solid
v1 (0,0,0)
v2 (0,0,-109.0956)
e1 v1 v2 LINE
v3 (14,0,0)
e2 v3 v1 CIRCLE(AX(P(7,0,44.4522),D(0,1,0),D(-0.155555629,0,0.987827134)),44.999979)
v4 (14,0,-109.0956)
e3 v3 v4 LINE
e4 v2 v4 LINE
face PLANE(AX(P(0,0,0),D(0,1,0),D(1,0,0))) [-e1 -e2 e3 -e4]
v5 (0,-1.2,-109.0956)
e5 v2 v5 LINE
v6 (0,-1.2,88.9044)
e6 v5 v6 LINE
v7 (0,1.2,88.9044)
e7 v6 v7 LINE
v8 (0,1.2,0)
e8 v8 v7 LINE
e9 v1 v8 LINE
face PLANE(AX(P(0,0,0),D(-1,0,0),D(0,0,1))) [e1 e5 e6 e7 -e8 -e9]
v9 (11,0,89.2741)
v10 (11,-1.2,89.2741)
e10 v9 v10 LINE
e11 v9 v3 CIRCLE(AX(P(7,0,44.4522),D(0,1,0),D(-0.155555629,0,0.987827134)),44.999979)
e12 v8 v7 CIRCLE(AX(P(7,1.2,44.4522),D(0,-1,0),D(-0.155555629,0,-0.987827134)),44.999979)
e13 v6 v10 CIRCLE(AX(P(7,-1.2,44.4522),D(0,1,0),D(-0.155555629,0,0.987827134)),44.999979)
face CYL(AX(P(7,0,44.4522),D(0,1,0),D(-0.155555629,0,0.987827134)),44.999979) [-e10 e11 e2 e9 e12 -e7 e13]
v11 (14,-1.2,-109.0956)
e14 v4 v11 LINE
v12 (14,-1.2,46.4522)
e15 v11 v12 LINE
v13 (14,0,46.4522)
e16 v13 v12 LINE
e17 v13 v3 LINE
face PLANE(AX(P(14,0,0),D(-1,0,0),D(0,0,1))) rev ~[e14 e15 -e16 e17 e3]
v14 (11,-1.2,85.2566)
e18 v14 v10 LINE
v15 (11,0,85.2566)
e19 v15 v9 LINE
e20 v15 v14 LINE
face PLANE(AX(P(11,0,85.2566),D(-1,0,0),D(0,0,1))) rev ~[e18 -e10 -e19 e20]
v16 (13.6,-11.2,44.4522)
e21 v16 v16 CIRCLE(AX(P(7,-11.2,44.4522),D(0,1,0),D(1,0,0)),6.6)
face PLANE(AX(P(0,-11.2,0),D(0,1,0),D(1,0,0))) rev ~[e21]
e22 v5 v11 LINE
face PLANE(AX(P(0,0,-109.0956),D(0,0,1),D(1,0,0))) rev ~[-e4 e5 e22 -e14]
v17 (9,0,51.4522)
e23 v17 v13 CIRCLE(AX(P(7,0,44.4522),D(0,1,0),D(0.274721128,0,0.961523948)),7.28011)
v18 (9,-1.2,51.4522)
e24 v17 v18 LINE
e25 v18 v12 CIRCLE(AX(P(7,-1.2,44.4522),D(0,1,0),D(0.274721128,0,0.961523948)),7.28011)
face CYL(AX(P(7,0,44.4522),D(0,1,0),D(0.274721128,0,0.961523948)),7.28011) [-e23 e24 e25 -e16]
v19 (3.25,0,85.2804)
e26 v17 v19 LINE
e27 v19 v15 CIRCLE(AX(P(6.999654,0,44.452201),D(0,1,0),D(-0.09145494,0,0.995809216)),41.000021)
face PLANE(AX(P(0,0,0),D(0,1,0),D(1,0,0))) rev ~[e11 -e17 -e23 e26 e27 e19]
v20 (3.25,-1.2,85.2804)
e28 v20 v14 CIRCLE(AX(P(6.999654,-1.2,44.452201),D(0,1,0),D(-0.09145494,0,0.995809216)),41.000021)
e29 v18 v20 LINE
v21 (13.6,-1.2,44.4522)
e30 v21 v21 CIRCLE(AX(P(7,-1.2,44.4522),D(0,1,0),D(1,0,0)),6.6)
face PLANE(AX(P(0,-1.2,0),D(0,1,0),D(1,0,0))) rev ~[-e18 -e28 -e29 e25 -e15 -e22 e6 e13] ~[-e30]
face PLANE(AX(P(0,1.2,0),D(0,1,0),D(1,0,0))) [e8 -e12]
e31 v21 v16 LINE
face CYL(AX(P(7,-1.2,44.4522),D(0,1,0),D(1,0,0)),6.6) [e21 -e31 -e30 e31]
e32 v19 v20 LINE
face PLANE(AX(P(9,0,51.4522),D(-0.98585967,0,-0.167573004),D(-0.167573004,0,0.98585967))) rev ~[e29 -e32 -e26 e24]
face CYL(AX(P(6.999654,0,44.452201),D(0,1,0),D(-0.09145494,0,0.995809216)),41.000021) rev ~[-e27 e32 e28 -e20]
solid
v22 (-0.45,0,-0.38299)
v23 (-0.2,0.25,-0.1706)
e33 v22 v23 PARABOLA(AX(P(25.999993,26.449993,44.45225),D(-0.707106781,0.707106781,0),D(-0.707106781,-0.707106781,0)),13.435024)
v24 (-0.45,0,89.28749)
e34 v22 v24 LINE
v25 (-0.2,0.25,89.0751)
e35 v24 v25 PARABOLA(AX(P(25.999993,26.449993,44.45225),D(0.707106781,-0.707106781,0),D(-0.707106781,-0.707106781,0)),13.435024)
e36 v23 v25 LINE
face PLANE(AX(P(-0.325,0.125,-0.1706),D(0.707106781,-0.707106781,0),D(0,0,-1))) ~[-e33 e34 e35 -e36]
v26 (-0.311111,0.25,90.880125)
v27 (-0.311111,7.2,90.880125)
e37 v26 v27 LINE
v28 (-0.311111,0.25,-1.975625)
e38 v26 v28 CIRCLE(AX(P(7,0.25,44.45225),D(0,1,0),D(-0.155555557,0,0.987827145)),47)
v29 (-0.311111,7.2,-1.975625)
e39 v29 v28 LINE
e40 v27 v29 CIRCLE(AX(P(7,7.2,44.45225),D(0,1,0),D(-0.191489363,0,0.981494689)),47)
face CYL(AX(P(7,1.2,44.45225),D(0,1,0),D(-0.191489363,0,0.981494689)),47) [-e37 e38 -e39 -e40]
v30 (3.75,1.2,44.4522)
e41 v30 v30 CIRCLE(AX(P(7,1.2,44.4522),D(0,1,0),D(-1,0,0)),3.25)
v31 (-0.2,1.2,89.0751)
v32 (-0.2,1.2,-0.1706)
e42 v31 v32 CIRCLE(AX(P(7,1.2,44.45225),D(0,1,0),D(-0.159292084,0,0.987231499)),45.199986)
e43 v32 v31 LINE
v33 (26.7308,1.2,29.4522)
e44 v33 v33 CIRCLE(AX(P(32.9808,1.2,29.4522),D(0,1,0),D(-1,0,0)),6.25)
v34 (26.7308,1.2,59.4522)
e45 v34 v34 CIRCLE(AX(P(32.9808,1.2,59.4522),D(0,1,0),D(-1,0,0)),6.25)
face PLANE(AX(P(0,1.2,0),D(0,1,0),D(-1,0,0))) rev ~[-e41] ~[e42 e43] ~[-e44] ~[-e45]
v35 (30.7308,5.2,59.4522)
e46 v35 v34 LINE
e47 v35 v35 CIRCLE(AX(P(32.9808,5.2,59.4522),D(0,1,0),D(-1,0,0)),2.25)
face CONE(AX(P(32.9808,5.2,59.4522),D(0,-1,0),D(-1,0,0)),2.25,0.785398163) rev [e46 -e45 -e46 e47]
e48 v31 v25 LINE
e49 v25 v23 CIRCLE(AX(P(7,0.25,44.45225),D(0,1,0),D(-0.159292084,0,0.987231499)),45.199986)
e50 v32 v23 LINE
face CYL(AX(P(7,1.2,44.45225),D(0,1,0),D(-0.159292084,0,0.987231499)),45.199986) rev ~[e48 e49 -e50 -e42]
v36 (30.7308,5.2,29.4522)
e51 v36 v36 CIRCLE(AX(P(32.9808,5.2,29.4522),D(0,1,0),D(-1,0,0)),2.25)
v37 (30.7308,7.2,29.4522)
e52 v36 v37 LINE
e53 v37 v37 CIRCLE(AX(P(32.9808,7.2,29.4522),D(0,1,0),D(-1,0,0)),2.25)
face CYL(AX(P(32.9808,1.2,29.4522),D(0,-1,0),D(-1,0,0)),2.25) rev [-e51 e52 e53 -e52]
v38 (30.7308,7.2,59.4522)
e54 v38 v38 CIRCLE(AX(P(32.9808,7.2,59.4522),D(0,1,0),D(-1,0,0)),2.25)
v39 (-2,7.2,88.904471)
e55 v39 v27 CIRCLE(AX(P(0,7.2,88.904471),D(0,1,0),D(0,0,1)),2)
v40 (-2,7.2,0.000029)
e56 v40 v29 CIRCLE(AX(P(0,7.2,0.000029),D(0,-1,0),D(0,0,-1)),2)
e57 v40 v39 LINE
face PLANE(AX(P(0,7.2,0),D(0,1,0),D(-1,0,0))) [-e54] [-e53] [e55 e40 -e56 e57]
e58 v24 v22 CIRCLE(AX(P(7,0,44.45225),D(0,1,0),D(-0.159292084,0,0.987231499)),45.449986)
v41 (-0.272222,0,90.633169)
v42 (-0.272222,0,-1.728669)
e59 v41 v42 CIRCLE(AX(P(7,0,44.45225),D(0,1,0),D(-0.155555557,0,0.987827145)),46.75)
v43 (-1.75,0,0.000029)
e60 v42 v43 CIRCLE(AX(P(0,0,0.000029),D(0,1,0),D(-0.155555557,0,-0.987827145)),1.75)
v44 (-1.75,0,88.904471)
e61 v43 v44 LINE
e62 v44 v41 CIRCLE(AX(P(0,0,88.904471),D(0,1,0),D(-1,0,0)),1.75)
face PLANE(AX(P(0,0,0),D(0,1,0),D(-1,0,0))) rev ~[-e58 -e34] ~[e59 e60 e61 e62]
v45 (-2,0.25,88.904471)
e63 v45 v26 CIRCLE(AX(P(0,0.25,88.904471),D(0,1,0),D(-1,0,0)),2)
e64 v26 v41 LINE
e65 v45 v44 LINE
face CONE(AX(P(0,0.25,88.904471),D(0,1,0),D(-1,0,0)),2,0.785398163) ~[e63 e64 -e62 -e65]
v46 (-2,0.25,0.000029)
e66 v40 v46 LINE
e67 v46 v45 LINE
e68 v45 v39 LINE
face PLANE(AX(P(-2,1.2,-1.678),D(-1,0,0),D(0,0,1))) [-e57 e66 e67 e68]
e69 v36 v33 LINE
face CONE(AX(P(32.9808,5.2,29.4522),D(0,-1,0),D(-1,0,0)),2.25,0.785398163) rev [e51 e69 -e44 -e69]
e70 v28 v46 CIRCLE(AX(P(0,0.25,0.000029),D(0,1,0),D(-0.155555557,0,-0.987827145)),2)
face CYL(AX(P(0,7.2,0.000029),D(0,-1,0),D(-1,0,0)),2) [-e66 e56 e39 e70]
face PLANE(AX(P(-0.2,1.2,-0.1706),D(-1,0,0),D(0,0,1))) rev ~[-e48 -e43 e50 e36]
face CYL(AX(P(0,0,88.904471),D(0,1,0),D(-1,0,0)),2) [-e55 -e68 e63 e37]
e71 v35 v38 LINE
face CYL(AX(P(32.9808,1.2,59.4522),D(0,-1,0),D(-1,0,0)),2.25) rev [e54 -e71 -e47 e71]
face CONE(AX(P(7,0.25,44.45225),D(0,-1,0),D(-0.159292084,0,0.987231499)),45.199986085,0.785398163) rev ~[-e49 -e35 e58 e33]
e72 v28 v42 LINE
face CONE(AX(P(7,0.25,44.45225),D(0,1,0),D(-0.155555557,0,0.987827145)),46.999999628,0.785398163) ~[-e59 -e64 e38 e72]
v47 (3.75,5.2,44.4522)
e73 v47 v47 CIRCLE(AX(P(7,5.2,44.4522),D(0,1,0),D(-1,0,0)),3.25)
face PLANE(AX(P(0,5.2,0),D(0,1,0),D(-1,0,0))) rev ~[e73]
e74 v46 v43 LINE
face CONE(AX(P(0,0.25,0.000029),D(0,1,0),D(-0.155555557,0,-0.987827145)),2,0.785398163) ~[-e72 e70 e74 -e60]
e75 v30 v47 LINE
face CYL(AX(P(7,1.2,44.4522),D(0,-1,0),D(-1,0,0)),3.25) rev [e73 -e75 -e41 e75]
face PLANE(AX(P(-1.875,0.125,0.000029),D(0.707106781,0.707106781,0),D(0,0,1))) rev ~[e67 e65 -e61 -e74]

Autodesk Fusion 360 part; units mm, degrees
sketch "Sketch1" plane through (0, 0, 0) normal (0, 1, 0) x (1, 0, 0)
  arc A0 (0, -88.9044) -> (0, 0) centre (7, -44.4522) ccw
  line L0 (0, 0) -> (0, -88.9044)
  line L1 (0, 0) -> (0, 109.0956)
  line L2 (0, 109.0956) -> (14, 109.0956)
  line L3 (14, 109.0956) -> (14, -46.4522)
  line L4 (9, -51.4522) -> (3.25, -85.2804)
  arc A1 (9, -51.4522) -> (14, -46.4522) centre (7, -44.4522) ccw
  line L5 (0, -44.4522) -> (7, -44.4522) construction
  arc A2 (3.25, -85.2804) -> (11, -85.2566) centre (7, -44.4522) ccw
  line L6 (11, -85.2566) -> (11, -89.2741)
  circle A3 centre (7, -44.4522) radius 6.6
  point P0 (52, -44.4522)
  dimension "d1" = 7
  dimension "d2" = 52
  dimension "d3" = 14
  dimension "d4" = 198
  dimension "d5" = 2
  dimension "d6" = 2
  dimension "d7" = 3.25
  dimension "d8" = 45
  dimension "d9" = 41
  dimension "d10" = 11
  dimension "d11" = 13.2
extrude "Extrude1" add sketch "Sketch1" along normal blind 1.2 contours A0 L0 L3 L4 A1 A2 L6 | A0 L3 L4 A1 A2 L6 | A3 makes body 1
extrude "Extrude2" add sketch "Sketch1" against normal blind 1.2 separate body contours A0 L0 L3 L4 A1 A2 L6 | A0 L1 L2 L3 | A3 makes body 2
extrude "Extrude3" add sketch "Sketch1" against normal blind 10 from surface at -1.2 separate body contours A3 makes body 3
combine "Combine1" operation add target body 3 tool bodies 2 1
sketch "Sketch2" plane through (0, 1.2, 0) normal (0, 1, 0) x (-1, 0, 0)
  line L0 (0, 0) -> (0, 88.9044)
  arc A0 (0, 88.9044) -> (0, 0) centre (-7, 44.4522) ccw
  arc A1 (2, 90.5825) -> (2, -1.678) centre (-7, 44.4522) ccw
  line L1 (2, -1.678) -> (2, 90.5825)
  arc A2 (0.2, 89.0751) -> (0.2, -0.1706) centre (-7, 44.4522) ccw
  line L2 (0.2, -0.1706) -> (0.2, 89.0751)
  circle A3 centre (-7, 44.4522) radius 3.25
  circle A4 centre (-32.9808, 59.4522) radius 2.25
  circle A5 centre (-32.9808, 29.4522) radius 2.25
  line L3 (-32.9808, 29.4522) -> (-32.9808, 59.4522) construction
  line L4 (-32.9808, 59.4522) -> (-7, 44.4522) construction
  line L5 (-7, 44.4522) -> (-32.9808, 29.4522) construction
  circle A6 centre (-32.9808, 59.4522) radius 5.75 construction
  dimension "d23" = 2
  dimension "d24" = 0.2
  dimension "d25" = 6.5
  dimension "d26" = 4.5
  dimension "d27" = 11.5
  dimension "d28" = 30
extrude "Extrude4" add sketch "Sketch2" along normal blind 6 separate body contours L0 A0 | A1 L1 | A2 L2 | A3 makes body 4
extrude "Extrude5" add sketch "Sketch2" against normal up to surface (1.2 mm away) contours A1 L1 bodies 4
extrude "Extrude6" cut sketch "Sketch2" along normal blind 4 contours A3 bodies 4
chamfer "Chamfer1" distance 4 angle 45 2 edges at (35.0785, 1.2, 60.2659) (35.0785, 1.2, 30.2659) on bodies 4
fillet "Fillet3" radius 2 2 edges at (-2, 3.6, 90.5825) (-2, 3.6, -1.678) on bodies 4
chamfer "Chamfer2" distance 0.25 angle 45 6 edges at (54, 0, 44.4522) (-1.5202, 0, -1.2996) (-2, 0, 44.4522) (-1.5202, 0, 90.204) (52.2, 0, 44.4522) (-0.2, 0, 44.4522) on bodies 4
equation "d1 = d3 / 2"
equation "d9 = d8 - 4 mm"
